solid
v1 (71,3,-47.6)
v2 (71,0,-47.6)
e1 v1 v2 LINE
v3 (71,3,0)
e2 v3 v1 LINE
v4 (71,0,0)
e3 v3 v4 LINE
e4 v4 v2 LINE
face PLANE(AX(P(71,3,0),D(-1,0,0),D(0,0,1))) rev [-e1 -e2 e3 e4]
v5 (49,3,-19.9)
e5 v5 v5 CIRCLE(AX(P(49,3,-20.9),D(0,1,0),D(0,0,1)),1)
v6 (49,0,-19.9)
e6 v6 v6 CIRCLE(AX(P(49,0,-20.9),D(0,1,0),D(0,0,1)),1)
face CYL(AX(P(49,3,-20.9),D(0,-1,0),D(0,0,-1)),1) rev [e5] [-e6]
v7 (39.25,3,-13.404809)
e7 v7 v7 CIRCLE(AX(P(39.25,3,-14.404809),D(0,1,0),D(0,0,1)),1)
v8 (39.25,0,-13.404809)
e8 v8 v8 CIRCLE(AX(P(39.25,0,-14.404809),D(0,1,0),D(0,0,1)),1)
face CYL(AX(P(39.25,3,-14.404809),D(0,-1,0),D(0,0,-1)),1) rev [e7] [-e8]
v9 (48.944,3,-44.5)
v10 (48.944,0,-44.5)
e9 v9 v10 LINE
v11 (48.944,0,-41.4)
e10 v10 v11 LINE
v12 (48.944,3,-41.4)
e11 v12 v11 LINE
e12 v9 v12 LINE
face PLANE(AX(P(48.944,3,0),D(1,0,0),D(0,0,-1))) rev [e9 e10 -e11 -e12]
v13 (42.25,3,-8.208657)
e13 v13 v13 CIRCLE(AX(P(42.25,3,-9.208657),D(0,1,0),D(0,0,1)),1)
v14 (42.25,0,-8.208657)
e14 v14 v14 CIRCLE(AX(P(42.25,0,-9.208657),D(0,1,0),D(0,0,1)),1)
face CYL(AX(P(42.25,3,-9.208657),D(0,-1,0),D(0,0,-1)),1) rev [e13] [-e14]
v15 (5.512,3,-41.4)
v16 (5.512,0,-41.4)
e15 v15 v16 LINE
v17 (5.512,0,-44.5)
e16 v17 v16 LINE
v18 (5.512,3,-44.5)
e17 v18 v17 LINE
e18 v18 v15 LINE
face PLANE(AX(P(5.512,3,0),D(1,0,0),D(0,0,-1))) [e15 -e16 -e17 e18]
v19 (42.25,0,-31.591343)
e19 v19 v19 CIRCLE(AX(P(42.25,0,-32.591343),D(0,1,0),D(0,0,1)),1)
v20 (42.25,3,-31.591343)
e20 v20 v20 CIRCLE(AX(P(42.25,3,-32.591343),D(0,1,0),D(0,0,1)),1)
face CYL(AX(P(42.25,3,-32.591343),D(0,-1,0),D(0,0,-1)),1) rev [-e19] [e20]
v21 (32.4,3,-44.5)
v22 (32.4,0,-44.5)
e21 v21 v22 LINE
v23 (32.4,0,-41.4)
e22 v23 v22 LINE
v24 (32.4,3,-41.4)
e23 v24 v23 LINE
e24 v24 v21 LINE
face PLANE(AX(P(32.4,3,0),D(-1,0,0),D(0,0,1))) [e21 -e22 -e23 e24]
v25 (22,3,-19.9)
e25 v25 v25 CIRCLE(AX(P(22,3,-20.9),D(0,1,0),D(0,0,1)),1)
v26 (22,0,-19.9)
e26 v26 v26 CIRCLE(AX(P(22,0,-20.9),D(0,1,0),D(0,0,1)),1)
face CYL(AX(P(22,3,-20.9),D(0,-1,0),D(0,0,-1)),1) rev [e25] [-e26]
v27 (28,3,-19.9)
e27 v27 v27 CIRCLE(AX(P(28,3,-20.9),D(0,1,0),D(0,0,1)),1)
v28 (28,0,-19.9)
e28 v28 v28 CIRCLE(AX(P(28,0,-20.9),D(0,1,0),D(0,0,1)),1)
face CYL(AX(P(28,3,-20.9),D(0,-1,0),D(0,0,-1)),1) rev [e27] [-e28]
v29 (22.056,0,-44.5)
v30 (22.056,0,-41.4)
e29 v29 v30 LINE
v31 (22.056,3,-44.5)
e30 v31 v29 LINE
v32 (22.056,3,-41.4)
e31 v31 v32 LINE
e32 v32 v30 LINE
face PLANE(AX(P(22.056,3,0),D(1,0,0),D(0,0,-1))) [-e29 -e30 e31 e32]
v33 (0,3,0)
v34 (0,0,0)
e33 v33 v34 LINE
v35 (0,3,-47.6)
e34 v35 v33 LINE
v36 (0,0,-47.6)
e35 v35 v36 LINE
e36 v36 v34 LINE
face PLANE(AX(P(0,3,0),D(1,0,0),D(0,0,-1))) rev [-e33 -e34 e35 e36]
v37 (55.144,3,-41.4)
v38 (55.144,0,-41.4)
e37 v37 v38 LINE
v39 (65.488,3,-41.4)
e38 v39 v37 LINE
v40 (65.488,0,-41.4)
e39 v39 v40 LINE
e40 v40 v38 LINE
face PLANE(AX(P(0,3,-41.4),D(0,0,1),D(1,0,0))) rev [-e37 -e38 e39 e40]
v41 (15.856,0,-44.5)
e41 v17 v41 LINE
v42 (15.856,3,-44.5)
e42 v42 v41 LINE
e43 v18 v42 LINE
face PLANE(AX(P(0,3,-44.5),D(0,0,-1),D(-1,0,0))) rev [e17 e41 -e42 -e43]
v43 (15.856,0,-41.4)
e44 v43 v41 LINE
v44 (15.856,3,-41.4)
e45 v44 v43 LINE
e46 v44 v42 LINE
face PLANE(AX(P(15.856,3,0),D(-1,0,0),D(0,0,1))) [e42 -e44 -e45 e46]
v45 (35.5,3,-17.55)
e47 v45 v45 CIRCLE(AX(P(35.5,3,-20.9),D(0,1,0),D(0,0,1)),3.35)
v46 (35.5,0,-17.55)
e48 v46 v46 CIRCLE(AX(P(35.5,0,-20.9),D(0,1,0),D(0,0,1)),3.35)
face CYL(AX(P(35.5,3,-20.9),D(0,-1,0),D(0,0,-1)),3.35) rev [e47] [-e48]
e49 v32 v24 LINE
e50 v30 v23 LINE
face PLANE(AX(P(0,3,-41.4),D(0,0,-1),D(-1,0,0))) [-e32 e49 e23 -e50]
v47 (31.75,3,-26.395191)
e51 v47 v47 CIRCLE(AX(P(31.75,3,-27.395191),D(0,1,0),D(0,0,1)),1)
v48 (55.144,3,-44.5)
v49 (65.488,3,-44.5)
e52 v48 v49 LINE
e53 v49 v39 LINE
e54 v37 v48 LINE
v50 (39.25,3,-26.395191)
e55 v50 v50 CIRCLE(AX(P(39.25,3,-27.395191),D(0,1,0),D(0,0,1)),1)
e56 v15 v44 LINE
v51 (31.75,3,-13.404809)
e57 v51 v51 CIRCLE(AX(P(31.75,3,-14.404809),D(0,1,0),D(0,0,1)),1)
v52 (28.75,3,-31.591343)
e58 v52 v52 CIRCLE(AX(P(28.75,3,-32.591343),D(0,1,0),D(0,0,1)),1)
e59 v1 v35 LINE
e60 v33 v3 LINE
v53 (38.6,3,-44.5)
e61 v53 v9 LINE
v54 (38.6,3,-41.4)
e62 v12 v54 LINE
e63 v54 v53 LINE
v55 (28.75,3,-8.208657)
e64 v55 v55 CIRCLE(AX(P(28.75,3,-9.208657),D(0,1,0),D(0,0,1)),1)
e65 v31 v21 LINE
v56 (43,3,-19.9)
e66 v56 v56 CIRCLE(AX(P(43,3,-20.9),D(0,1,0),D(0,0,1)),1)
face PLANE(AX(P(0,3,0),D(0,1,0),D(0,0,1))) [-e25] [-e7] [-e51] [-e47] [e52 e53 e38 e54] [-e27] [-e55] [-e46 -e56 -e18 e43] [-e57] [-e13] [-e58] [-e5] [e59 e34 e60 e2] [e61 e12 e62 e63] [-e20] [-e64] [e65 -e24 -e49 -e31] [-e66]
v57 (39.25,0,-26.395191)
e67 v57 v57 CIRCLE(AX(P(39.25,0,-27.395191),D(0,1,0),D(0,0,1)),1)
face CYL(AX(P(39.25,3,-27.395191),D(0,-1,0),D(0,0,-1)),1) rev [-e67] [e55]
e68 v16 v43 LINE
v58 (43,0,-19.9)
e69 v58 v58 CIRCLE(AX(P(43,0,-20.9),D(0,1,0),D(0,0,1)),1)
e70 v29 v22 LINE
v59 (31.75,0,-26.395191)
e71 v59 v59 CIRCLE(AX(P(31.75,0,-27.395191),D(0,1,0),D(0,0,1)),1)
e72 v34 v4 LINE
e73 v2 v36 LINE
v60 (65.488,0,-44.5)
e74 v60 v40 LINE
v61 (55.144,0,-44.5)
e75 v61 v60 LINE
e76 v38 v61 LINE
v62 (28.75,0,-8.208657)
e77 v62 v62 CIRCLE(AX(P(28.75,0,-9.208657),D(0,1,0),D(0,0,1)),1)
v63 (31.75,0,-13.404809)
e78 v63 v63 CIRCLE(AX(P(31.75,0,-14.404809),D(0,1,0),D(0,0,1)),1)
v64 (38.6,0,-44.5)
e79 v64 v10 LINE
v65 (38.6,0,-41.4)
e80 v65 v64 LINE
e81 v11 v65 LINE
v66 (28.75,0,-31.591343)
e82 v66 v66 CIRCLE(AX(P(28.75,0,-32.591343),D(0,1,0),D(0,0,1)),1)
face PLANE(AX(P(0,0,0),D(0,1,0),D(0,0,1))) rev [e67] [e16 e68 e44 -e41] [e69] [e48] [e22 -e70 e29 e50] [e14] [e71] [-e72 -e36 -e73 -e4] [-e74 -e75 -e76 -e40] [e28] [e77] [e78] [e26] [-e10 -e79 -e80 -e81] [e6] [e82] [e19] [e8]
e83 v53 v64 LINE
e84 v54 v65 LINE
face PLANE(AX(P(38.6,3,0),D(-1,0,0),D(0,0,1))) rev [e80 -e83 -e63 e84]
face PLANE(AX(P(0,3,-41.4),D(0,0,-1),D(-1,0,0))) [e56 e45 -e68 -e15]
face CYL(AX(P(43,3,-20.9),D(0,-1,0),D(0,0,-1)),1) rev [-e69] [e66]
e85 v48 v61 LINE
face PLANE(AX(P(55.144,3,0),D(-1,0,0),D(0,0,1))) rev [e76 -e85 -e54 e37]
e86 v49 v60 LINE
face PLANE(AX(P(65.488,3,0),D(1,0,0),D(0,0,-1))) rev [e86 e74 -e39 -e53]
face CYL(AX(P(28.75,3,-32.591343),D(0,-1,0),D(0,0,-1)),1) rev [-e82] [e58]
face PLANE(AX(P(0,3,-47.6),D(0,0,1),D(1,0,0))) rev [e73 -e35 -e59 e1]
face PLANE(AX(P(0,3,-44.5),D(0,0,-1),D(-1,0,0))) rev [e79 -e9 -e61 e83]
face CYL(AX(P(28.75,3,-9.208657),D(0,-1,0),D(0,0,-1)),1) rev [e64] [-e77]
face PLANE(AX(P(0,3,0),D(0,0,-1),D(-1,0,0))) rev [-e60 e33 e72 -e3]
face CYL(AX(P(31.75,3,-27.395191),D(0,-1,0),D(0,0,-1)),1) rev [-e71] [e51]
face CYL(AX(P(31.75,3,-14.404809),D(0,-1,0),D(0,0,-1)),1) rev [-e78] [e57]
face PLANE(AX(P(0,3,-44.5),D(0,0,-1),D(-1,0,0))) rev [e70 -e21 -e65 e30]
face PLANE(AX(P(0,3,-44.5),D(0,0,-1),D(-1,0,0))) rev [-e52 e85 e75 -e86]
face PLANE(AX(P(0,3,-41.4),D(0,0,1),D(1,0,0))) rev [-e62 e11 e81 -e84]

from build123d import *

# Parameters (mm, degrees)
SKETCH2_W           = 71
SKETCH2_H           = 47.6
SKETCH2_R           = 3.35
SKETCH2_R_2         = 1
SKETCH2_W_2         = 10.344
SKETCH2_H_2         = 3.1
BOSS_EXTRUDE1_DEPTH = 3


with BuildPart() as part:
    # Sketch2 → Boss-Extrude1 (new body)
    with BuildSketch(Plane(origin=(0, 0, 0), x_dir=(1, 0, 0), z_dir=(0, 1, 0))):
        with Locations((35.5, 23.8)):
            Rectangle(SKETCH2_W, SKETCH2_H)
        with Locations((35.5, 20.9)):
            Circle(SKETCH2_R, mode=Mode.SUBTRACT)
        with Locations((43, 20.9)):
            Circle(SKETCH2_R_2, mode=Mode.SUBTRACT)
        with Locations((49, 20.9)):
            Circle(SKETCH2_R_2, mode=Mode.SUBTRACT)
        with Locations((39.25, 14.404809472)):
            Circle(SKETCH2_R_2, mode=Mode.SUBTRACT)
        with Locations((42.25, 9.208657049)):
            Circle(SKETCH2_R_2, mode=Mode.SUBTRACT)
        with Locations((31.75, 14.404809472)):
            Circle(SKETCH2_R_2, mode=Mode.SUBTRACT)
        with Locations((28.75, 9.208657049)):
            Circle(SKETCH2_R_2, mode=Mode.SUBTRACT)
        with Locations((28, 20.9)):
            Circle(SKETCH2_R_2, mode=Mode.SUBTRACT)
        with Locations((22, 20.9)):
            Circle(SKETCH2_R_2, mode=Mode.SUBTRACT)
        with Locations((31.75, 27.395190528)):
            Circle(SKETCH2_R_2, mode=Mode.SUBTRACT)
        with Locations((28.75, 32.591342951)):
            Circle(SKETCH2_R_2, mode=Mode.SUBTRACT)
        with Locations((39.25, 27.395190528)):
            Circle(SKETCH2_R_2, mode=Mode.SUBTRACT)
        with Locations((42.25, 32.591342951)):
            Circle(SKETCH2_R_2, mode=Mode.SUBTRACT)
        with Locations((10.684, 42.95)):
            Rectangle(SKETCH2_W_2, SKETCH2_H_2, mode=Mode.SUBTRACT)
        with Locations((27.228, 42.95)):
            Rectangle(SKETCH2_W_2, SKETCH2_H_2, mode=Mode.SUBTRACT)
        with Locations((43.772, 42.95)):
            Rectangle(SKETCH2_W_2, SKETCH2_H_2, mode=Mode.SUBTRACT)
        with Locations((60.316, 42.95)):
            Rectangle(SKETCH2_W_2, SKETCH2_H_2, mode=Mode.SUBTRACT)
    extrude(amount=BOSS_EXTRUDE1_DEPTH)


solid = part.part
